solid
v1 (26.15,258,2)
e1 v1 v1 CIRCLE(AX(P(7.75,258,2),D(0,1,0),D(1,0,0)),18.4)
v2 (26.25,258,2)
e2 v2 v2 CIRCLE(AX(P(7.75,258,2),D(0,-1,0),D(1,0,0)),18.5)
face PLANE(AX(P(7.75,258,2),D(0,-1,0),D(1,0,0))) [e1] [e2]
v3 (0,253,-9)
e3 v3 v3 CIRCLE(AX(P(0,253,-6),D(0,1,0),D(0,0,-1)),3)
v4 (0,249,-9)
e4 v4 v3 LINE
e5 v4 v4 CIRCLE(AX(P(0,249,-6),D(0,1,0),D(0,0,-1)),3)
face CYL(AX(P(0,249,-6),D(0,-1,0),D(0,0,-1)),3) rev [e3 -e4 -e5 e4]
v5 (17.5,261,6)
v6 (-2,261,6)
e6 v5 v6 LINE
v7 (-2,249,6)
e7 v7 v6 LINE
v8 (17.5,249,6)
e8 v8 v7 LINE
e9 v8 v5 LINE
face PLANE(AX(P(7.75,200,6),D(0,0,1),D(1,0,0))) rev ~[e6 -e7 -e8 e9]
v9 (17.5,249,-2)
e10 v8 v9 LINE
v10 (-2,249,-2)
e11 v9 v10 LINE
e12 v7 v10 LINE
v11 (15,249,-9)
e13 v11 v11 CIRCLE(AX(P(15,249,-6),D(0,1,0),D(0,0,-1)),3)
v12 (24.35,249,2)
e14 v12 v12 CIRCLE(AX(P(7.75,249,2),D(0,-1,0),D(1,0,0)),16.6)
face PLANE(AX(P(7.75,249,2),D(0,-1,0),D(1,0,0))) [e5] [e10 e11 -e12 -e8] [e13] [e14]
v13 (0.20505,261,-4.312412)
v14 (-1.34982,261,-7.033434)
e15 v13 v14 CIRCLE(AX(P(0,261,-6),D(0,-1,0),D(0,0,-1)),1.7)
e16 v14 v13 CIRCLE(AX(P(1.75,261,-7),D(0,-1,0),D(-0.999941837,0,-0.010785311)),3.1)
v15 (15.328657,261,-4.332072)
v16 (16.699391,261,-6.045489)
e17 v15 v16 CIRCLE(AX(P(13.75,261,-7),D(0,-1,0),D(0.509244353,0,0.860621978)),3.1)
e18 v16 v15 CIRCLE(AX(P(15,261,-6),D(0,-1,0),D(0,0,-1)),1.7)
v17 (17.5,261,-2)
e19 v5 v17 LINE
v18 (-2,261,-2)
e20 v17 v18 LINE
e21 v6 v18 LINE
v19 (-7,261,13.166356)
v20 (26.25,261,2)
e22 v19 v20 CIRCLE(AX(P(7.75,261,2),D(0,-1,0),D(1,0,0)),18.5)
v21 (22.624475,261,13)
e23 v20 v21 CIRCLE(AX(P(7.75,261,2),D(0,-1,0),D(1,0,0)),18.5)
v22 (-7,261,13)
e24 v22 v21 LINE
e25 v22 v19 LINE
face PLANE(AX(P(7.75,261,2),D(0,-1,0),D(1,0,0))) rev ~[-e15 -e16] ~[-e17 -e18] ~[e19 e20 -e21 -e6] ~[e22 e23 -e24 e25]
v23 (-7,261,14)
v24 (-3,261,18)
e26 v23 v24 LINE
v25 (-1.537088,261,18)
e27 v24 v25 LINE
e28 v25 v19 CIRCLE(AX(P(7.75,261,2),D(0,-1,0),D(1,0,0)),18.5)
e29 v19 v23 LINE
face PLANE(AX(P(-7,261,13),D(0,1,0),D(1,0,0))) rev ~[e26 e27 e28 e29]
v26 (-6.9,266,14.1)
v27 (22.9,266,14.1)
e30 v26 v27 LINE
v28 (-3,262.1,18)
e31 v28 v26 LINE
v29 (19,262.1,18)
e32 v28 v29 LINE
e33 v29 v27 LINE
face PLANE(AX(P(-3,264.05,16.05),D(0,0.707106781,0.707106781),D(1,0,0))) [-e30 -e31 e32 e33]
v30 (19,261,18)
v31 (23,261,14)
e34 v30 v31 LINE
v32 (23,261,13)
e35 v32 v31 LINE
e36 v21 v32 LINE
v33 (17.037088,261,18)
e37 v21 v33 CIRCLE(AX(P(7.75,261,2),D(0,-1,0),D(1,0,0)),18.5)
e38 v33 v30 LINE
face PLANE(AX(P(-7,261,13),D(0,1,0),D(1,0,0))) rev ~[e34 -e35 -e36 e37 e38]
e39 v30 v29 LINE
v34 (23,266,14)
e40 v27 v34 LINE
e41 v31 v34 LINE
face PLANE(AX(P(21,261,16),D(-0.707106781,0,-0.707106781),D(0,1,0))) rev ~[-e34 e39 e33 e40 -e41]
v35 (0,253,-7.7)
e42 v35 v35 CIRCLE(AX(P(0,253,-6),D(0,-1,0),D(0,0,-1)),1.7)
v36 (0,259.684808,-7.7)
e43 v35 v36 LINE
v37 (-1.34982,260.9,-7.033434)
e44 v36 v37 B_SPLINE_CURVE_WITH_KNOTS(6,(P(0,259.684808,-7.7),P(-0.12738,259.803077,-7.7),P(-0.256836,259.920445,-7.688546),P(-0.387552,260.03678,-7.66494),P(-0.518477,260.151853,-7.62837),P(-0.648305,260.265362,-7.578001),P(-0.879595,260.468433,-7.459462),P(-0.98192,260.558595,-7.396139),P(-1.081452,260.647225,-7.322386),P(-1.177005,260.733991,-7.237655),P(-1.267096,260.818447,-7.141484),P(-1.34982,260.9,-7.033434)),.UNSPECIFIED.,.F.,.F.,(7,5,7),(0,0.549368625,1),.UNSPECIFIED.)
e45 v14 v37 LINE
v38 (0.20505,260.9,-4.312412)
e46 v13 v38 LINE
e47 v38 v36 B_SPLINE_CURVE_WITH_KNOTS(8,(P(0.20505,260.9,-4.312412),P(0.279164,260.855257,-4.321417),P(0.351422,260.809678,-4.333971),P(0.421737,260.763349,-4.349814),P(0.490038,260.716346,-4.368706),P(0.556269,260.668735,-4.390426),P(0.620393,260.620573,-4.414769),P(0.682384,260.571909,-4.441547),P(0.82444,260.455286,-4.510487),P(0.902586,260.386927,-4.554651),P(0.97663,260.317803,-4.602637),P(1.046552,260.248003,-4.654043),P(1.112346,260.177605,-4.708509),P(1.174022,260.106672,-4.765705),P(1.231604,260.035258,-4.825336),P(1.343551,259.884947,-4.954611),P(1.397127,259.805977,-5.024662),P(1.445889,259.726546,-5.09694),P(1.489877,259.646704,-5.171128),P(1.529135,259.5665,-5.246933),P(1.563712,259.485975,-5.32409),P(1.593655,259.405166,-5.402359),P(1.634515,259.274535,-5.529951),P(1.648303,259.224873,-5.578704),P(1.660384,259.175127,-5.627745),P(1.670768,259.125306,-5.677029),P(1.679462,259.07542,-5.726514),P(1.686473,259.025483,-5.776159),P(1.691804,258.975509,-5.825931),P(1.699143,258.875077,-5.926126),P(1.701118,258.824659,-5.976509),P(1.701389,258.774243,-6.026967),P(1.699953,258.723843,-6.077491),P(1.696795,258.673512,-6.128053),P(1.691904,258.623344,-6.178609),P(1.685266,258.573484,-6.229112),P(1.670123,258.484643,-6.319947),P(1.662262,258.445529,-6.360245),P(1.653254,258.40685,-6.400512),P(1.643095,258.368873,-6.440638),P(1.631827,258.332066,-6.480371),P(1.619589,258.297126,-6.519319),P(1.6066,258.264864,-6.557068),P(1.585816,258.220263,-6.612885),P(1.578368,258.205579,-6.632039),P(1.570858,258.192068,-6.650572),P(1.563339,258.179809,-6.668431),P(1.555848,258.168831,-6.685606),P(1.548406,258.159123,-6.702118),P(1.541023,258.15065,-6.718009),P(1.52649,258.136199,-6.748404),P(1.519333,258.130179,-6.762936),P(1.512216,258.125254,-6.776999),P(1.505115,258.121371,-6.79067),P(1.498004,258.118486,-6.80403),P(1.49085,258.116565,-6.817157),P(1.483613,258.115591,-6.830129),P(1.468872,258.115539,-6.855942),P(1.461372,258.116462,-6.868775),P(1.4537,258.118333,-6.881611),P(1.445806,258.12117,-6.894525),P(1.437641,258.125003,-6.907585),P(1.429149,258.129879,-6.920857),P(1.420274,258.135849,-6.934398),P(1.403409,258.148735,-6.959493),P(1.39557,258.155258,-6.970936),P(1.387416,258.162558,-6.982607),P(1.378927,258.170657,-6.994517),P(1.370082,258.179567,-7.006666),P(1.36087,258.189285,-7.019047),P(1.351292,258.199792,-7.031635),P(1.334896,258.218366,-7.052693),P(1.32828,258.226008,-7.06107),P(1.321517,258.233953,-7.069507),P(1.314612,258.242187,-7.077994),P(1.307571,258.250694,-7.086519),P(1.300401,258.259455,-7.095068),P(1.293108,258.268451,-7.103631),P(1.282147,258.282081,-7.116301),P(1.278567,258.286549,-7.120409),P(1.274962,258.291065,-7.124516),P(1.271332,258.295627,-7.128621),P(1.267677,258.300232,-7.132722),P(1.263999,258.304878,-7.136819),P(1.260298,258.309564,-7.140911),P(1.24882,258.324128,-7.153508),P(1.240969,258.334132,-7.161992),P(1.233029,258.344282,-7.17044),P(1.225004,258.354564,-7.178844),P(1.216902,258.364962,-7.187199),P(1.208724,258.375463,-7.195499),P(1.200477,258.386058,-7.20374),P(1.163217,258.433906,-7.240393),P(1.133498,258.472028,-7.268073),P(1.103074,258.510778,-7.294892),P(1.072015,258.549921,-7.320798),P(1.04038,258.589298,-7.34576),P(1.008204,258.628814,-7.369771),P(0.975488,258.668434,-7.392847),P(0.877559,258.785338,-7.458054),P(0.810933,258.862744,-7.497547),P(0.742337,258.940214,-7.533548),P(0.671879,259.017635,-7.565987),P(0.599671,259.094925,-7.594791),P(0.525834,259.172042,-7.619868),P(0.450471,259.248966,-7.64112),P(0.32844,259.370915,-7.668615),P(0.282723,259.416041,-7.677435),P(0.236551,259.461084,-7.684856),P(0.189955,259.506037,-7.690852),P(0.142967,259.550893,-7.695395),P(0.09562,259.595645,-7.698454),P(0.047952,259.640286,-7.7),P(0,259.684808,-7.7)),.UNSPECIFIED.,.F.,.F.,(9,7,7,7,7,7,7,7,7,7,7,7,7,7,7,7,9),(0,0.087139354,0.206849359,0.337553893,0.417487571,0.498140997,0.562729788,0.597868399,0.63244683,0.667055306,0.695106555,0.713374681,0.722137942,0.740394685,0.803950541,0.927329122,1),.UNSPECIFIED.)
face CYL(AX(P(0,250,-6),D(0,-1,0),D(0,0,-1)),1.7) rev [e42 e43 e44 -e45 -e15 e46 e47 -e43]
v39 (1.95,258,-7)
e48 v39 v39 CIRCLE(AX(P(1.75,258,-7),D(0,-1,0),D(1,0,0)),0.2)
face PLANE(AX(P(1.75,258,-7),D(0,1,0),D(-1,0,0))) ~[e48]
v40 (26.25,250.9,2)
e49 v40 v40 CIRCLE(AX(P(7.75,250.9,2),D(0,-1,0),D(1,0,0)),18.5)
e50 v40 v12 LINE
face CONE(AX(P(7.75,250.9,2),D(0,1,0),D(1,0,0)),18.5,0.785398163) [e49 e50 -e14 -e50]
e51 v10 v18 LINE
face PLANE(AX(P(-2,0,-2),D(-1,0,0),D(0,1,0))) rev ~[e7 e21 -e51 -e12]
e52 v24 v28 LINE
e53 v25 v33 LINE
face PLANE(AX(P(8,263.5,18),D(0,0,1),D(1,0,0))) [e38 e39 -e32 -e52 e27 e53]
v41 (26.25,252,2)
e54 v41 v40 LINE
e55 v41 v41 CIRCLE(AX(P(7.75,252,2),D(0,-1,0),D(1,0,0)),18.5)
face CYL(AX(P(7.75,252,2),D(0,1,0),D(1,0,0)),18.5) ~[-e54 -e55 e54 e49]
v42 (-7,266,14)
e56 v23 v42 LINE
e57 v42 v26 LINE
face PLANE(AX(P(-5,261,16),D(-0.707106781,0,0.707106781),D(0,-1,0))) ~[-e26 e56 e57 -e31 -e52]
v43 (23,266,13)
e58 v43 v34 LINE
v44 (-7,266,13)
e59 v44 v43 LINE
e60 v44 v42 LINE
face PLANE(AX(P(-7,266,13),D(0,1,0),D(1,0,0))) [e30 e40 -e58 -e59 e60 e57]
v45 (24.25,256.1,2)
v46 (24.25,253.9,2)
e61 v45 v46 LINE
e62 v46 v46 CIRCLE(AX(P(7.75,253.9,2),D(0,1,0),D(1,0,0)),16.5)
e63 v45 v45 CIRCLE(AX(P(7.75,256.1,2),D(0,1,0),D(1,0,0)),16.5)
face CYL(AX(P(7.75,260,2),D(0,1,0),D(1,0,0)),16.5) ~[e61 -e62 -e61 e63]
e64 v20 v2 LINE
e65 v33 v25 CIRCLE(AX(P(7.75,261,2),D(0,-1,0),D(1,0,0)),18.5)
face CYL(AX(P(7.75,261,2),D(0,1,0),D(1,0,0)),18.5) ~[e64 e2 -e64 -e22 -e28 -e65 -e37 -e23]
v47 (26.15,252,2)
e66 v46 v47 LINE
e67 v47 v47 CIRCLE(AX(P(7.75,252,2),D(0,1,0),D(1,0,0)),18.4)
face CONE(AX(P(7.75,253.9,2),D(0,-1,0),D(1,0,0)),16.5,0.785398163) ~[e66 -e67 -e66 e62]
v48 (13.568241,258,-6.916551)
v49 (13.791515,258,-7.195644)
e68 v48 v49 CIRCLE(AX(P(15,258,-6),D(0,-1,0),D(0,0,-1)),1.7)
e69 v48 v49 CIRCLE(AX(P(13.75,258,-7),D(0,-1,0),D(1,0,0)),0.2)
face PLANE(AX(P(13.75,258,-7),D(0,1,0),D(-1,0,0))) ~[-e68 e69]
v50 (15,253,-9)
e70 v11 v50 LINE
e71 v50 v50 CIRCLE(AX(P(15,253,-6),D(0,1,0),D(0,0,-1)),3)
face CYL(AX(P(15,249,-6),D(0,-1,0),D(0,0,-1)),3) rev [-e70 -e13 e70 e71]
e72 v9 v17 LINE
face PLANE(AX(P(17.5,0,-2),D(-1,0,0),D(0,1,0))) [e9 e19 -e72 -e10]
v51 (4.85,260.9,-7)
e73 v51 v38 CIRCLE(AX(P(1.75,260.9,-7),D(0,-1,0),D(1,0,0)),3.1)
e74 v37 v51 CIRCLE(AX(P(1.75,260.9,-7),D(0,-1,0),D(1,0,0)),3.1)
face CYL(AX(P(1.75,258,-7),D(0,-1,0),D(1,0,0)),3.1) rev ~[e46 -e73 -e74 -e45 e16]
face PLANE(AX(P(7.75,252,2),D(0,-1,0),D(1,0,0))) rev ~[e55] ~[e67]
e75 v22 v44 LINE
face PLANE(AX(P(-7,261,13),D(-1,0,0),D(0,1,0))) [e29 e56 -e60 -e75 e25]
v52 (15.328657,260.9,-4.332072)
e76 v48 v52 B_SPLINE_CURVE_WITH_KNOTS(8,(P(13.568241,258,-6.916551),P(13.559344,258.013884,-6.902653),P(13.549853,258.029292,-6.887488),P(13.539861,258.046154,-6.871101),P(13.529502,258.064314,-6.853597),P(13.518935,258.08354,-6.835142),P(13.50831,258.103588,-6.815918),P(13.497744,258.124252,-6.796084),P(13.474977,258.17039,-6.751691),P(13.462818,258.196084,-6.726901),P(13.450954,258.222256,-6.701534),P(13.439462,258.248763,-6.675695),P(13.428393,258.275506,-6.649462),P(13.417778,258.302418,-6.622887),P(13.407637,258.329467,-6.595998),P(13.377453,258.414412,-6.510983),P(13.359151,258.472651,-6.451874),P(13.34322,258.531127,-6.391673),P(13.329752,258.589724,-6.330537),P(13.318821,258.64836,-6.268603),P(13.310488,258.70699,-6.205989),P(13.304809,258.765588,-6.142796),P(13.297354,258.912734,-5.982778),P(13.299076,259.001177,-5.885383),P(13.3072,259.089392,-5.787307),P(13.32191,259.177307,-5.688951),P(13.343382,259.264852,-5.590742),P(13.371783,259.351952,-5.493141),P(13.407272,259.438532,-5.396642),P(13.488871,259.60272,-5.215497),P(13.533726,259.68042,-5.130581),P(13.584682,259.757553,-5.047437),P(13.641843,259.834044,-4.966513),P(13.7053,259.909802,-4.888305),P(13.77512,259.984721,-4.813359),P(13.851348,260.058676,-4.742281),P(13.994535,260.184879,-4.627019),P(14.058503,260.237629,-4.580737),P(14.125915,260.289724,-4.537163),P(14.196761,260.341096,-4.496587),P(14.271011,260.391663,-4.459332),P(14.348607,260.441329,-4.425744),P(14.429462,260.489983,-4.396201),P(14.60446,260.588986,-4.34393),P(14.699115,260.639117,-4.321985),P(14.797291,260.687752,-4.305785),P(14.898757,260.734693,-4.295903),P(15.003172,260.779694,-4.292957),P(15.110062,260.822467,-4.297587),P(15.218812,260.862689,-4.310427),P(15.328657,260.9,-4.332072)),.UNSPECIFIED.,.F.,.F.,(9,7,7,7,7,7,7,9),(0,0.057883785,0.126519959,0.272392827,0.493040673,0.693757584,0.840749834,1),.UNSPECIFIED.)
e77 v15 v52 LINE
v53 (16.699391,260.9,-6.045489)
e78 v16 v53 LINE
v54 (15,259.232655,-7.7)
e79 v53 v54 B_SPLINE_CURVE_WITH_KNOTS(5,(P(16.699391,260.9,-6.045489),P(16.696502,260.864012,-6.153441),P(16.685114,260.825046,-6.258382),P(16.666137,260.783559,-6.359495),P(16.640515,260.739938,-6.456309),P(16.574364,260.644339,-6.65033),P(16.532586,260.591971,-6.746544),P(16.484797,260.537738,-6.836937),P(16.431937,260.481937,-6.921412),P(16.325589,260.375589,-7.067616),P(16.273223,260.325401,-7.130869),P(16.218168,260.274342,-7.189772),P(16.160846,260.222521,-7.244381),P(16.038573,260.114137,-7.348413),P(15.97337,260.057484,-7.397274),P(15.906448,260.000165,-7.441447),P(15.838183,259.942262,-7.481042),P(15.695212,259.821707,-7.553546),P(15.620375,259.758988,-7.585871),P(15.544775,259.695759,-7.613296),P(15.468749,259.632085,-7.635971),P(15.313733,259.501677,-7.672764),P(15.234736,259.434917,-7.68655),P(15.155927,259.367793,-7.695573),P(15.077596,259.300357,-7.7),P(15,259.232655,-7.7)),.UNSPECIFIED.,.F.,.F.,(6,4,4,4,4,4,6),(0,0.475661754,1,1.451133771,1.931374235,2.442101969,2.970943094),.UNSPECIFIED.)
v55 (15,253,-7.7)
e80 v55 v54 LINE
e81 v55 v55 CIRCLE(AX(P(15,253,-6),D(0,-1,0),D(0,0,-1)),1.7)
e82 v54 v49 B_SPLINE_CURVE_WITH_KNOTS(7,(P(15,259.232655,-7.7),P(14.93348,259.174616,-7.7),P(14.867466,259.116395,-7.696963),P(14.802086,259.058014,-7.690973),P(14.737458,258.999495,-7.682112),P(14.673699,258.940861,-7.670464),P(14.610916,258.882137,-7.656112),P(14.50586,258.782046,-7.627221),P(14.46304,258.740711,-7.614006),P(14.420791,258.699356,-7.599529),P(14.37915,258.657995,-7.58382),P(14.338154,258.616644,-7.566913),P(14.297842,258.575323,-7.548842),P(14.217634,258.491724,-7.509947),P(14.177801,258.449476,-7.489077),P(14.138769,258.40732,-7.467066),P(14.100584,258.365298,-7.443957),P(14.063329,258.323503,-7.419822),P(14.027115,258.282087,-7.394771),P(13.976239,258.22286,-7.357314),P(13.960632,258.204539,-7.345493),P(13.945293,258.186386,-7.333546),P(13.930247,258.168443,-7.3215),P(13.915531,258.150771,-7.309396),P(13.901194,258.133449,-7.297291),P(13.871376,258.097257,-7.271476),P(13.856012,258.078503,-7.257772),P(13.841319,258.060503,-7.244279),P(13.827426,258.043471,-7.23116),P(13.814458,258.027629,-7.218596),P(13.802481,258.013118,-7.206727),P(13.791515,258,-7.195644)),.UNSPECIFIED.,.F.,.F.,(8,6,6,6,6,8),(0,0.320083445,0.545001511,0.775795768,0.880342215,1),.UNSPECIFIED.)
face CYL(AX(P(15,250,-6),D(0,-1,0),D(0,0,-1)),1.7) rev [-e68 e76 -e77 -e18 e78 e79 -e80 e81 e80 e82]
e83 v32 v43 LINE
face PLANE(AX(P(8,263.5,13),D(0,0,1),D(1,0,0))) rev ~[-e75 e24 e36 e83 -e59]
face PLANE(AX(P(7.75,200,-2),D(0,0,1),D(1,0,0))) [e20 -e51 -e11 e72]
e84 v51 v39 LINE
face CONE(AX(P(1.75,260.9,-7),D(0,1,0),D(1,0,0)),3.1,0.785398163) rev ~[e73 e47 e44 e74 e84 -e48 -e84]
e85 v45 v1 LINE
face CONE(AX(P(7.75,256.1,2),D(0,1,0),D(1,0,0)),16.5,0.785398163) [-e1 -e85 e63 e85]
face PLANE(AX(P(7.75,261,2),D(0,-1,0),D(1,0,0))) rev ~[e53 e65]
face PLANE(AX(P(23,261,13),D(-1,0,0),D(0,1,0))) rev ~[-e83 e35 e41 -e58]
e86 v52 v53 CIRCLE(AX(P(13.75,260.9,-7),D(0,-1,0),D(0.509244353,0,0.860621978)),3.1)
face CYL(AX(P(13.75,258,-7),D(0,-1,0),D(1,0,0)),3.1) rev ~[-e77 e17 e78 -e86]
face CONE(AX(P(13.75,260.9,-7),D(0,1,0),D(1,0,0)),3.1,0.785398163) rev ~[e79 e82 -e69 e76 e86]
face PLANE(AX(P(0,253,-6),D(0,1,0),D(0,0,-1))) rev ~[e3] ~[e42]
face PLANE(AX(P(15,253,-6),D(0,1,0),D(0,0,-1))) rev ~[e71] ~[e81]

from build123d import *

# Parameters (mm, degrees)
CYLINDER027_R             = 3
CYLINDER027_DEPTH         = 4
BOX005009016_W            = 16
BOX005009016_H            = 5.6
BOX005009016_DEPTH        = 3
CYLINDER026_R             = 1.7
CYLINDER026_DEPTH         = 30
FUSION026_PITCH_ANGLE     = 90
FUSION026_PLACEMENT_ANGLE = 90
FUSION025_PITCH_ANGLE     = 90
FUSION025_PLACEMENT_ANGLE = 90
BOX005009013_W            = 19.5
BOX005009013_H            = 400
BOX005009013_DEPTH        = 8
CYLINDER023_R             = 3.1
CYLINDER023_DEPTH         = 6
CYLINDER023_ROLL_ANGLE    = 90
CHAMFER015_SIZE           = 2.9
CHAMFER013_SIZE           = 2.9
CYLINDER021_R             = 18.5
CYLINDER021_DEPTH         = 3
CYLINDER021_ROLL_ANGLE    = 90
CYLINDER020_R             = 16.5
CYLINDER020_DEPTH         = 10
CYLINDER020_ROLL_ANGLE    = 90
CYLINDER019_R             = 18.5
CYLINDER019_DEPTH         = 3
CYLINDER019_ROLL_ANGLE    = 90
BOX005009014_W            = 30
BOX005009014_H            = 5
BOX005009014_DEPTH        = 5
CHAMFER016_SIZE           = 4
CHAMFER017_SIZE           = 4
CHAMFER018_SIZE           = 3.9
CHAMFER020_SIZE           = 1.9
CHAMFER021_SIZE           = 1.9
CHAMFER022_SIZE           = 1.9


with BuildPart() as cylinder018:
    # Cylinder027 → Cylinder027 (new body)
    with BuildSketch(Plane.XY):
        Circle(CYLINDER027_R)
    extrude(amount=CYLINDER027_DEPTH)


with BuildPart() as cube003:
    # Box005009016 → Box005009016 (new body)
    with BuildSketch(Plane(origin=(-3.2, -2.8, 18), x_dir=(1, 0, 0), z_dir=(0, 0, 1))):
        with Locations((8, 2.8)):
            Rectangle(BOX005009016_W, BOX005009016_H)
    extrude(amount=BOX005009016_DEPTH)


with BuildPart() as cylinder017:
    # Cylinder026 → Cylinder026 (new body)
    with BuildSketch(Plane.XY.offset(1)):
        Circle(CYLINDER026_R)
    extrude(amount=CYLINDER026_DEPTH)


with BuildPart() as m3_cavity003:
    # Fusion026 base: copy of Cylinder017
    add(cylinder017.part)

    # Fusion026: union Cylinder018, Cube003
    add(cylinder018.part)
    add(cube003.part)


with BuildPart() as m3_cavity003_1:
    # Fusion026 pitch: moved
    add(m3_cavity003.part.rotate(Axis((0, 0, 0), (0, 1, 0)), FUSION026_PITCH_ANGLE))


with BuildPart() as m3_cavity003_2:
    # Fusion026 placement: moved
    add(m3_cavity003_1.part.moved(Location((15, 249, -6))).rotate(Axis((15, 249, -6), (0, 0, 1)), FUSION026_PLACEMENT_ANGLE))


with BuildPart() as m3_cavity002:
    # Fusion025 base: copy of Cylinder017
    add(cylinder017.part)

    # Fusion025: union Cylinder018, Cube003
    add(cylinder018.part)
    add(cube003.part)


with BuildPart() as m3_cavity002_1:
    # Fusion025 pitch: moved
    add(m3_cavity002.part.rotate(Axis((0, 0, 0), (0, 1, 0)), FUSION025_PITCH_ANGLE))


with BuildPart() as m3_cavity002_2:
    # Fusion025 placement: moved
    add(m3_cavity002_1.part.moved(Location((0, 249, -6))).rotate(Axis((0, 249, -6), (0, 0, 1)), FUSION025_PLACEMENT_ANGLE))


with BuildPart() as scale_hole002:
    # Box005009013 → Box005009013 (new body)
    with BuildSketch(Plane(origin=(-2, 0, -2), x_dir=(1, 0, 0), z_dir=(0, 0, 1))):
        with Locations((9.75, 200)):
            Rectangle(BOX005009013_W, BOX005009013_H)
    extrude(amount=BOX005009013_DEPTH)


with BuildPart() as lug_hole:
    # Cylinder023 → Cylinder023 (new body)
    with BuildSketch(Plane.XY):
        Circle(CYLINDER023_R)
    extrude(amount=CYLINDER023_DEPTH)


with BuildPart() as lug_hole_1:
    # Cylinder023 roll: moved
    add(lug_hole.part.rotate(Axis((0, 0, 0), (1, 0, 0)), CYLINDER023_ROLL_ANGLE))


with BuildPart() as lug_hole_2:
    # Cylinder023 placement: moved
    add(lug_hole_1.part.moved(Location((7.75, 328, -7))))


with BuildPart() as chamfer015:
    # Chamfer015 base: copy of lug-hole
    add(lug_hole_2.part)

    # Chamfer015
    chamfer015_edges = [chamfer015.edges().sort_by_distance(p)[0] for p in [
        (4.65, 328, -7),
    ]]
    chamfer(chamfer015_edges, length=CHAMFER015_SIZE)


with BuildPart() as chamfer015_1:
    # Chamfer015 placement: moved
    add(chamfer015.part.moved(Location((6, 0, 0))))


with BuildPart() as part_mirroring003:
    # Part__Mirroring003: instance of Chamfer015
    add(chamfer015_1.part.mirror(Plane(origin=(0, 200, 0), x_dir=(1, 0, 0), z_dir=(0, 1, 0))))


with BuildPart() as chamfer013:
    # Chamfer013 base: copy of lug-hole
    add(lug_hole_2.part)

    # Chamfer013
    chamfer013_edges = [chamfer013.edges().sort_by_distance(p)[0] for p in [
        (4.65, 328, -7),
    ]]
    chamfer(chamfer013_edges, length=CHAMFER013_SIZE)


with BuildPart() as chamfer013_1:
    # Chamfer013 placement: moved
    add(chamfer013.part.moved(Location((-6, 0, 0))))


with BuildPart() as fusion017:
    # Part__Mirroring001: instance of Chamfer013
    add(chamfer013_1.part.mirror(Plane(origin=(0, 200, 0), x_dir=(1, 0, 0), z_dir=(0, 1, 0))))

    # Fusion017: union Part__Mirroring003
    add(part_mirroring003.part)


with BuildPart() as fusion017_1:
    # Fusion017 placement: moved
    add(fusion017.part.moved(Location((0, 186, 0))))


with BuildPart() as end_cheek002:
    # Cylinder021 → Cylinder021 (new body)
    with BuildSketch(Plane.XY):
        Circle(CYLINDER021_R)
    extrude(amount=CYLINDER021_DEPTH)


with BuildPart() as end_cheek002_1:
    # Cylinder021 roll: moved
    add(end_cheek002.part.rotate(Axis((0, 0, 0), (1, 0, 0)), CYLINDER021_ROLL_ANGLE))


with BuildPart() as end_cheek002_2:
    # Cylinder021 placement: moved
    add(end_cheek002_1.part.moved(Location((7.75, 486, 2))))


with BuildPart() as cable_tie_cyl002:
    # Cylinder020 → Cylinder020 (new body)
    with BuildSketch(Plane.XY):
        Circle(CYLINDER020_R)
    extrude(amount=CYLINDER020_DEPTH)


with BuildPart() as cable_tie_cyl002_1:
    # Cylinder020 roll: moved
    add(cable_tie_cyl002.part.rotate(Axis((0, 0, 0), (1, 0, 0)), CYLINDER020_ROLL_ANGLE))


with BuildPart() as cable_tie_cyl002_2:
    # Cylinder020 placement: moved
    add(cable_tie_cyl002_1.part.moved(Location((7.75, 485, 2))))


with BuildPart() as cut020:
    # Cylinder019 → Cylinder019 (new body)
    with BuildSketch(Plane.XY):
        Circle(CYLINDER019_R)
    extrude(amount=CYLINDER019_DEPTH)


with BuildPart() as cut020_1:
    # Cylinder019 roll: moved
    add(cut020.part.rotate(Axis((0, 0, 0), (1, 0, 0)), CYLINDER019_ROLL_ANGLE))


with BuildPart() as cut020_2:
    # Cylinder019 placement: moved
    add(cut020_1.part.moved(Location((7.75, 477, 2))))

    # Fusion012: union end-cheek002, cable-tie-cyl002
    add(end_cheek002_2.part)
    add(cable_tie_cyl002_2.part)


with BuildPart() as cut020_3:
    # Fusion012 placement: moved
    add(cut020_2.part.moved(Location((0, -225, 0))))

    # Cut017: cut Fusion017
    add(fusion017_1.part, mode=Mode.SUBTRACT)

    # Cut020: cut scale-hole002
    add(scale_hole002.part, mode=Mode.SUBTRACT)


with BuildPart() as slide_end_r:
    # Box005009014 → Box005009014 (new body)
    with BuildSketch(Plane(origin=(-7, 261, 13), x_dir=(1, 0, 0), z_dir=(0, 0, 1))):
        with Locations((15, 2.5)):
            Rectangle(BOX005009014_W, BOX005009014_H)
    extrude(amount=BOX005009014_DEPTH)

    # Chamfer016
    chamfer016_edges = [slide_end_r.edges().sort_by_distance(p)[0] for p in [
        (-7, 263.5, 18),
    ]]
    chamfer(chamfer016_edges, length=CHAMFER016_SIZE)

    # Chamfer017
    chamfer017_edges = [slide_end_r.edges().sort_by_distance(p)[0] for p in [
        (23, 263.5, 18),
    ]]
    chamfer(chamfer017_edges, length=CHAMFER017_SIZE)

    # Chamfer018
    chamfer018_edges = [slide_end_r.edges().sort_by_distance(p)[0] for p in [
        (8, 266, 18),
    ]]
    chamfer(chamfer018_edges, length=CHAMFER018_SIZE)

    # Fusion020: union Cut020
    add(cut020_3.part)

    # Chamfer020
    chamfer020_edges = [slide_end_r.edges().sort_by_distance(p)[0] for p in [
        (-8.75, 252, 2),
    ]]
    chamfer(chamfer020_edges, length=CHAMFER020_SIZE)

    # Chamfer021
    chamfer021_edges = [slide_end_r.edges().sort_by_distance(p)[0] for p in [
        (-10.75, 249, 2),
    ]]
    chamfer(chamfer021_edges, length=CHAMFER021_SIZE)

    # Chamfer022
    chamfer022_edges = [slide_end_r.edges().sort_by_distance(p)[0] for p in [
        (-8.75, 258, 2),
    ]]
    chamfer(chamfer022_edges, length=CHAMFER022_SIZE)

    # Cut025: cut M3-cavity002
    add(m3_cavity002_2.part, mode=Mode.SUBTRACT)

    # Cut026: cut M3-cavity003
    add(m3_cavity003_2.part, mode=Mode.SUBTRACT)


solid = slide_end_r.part
